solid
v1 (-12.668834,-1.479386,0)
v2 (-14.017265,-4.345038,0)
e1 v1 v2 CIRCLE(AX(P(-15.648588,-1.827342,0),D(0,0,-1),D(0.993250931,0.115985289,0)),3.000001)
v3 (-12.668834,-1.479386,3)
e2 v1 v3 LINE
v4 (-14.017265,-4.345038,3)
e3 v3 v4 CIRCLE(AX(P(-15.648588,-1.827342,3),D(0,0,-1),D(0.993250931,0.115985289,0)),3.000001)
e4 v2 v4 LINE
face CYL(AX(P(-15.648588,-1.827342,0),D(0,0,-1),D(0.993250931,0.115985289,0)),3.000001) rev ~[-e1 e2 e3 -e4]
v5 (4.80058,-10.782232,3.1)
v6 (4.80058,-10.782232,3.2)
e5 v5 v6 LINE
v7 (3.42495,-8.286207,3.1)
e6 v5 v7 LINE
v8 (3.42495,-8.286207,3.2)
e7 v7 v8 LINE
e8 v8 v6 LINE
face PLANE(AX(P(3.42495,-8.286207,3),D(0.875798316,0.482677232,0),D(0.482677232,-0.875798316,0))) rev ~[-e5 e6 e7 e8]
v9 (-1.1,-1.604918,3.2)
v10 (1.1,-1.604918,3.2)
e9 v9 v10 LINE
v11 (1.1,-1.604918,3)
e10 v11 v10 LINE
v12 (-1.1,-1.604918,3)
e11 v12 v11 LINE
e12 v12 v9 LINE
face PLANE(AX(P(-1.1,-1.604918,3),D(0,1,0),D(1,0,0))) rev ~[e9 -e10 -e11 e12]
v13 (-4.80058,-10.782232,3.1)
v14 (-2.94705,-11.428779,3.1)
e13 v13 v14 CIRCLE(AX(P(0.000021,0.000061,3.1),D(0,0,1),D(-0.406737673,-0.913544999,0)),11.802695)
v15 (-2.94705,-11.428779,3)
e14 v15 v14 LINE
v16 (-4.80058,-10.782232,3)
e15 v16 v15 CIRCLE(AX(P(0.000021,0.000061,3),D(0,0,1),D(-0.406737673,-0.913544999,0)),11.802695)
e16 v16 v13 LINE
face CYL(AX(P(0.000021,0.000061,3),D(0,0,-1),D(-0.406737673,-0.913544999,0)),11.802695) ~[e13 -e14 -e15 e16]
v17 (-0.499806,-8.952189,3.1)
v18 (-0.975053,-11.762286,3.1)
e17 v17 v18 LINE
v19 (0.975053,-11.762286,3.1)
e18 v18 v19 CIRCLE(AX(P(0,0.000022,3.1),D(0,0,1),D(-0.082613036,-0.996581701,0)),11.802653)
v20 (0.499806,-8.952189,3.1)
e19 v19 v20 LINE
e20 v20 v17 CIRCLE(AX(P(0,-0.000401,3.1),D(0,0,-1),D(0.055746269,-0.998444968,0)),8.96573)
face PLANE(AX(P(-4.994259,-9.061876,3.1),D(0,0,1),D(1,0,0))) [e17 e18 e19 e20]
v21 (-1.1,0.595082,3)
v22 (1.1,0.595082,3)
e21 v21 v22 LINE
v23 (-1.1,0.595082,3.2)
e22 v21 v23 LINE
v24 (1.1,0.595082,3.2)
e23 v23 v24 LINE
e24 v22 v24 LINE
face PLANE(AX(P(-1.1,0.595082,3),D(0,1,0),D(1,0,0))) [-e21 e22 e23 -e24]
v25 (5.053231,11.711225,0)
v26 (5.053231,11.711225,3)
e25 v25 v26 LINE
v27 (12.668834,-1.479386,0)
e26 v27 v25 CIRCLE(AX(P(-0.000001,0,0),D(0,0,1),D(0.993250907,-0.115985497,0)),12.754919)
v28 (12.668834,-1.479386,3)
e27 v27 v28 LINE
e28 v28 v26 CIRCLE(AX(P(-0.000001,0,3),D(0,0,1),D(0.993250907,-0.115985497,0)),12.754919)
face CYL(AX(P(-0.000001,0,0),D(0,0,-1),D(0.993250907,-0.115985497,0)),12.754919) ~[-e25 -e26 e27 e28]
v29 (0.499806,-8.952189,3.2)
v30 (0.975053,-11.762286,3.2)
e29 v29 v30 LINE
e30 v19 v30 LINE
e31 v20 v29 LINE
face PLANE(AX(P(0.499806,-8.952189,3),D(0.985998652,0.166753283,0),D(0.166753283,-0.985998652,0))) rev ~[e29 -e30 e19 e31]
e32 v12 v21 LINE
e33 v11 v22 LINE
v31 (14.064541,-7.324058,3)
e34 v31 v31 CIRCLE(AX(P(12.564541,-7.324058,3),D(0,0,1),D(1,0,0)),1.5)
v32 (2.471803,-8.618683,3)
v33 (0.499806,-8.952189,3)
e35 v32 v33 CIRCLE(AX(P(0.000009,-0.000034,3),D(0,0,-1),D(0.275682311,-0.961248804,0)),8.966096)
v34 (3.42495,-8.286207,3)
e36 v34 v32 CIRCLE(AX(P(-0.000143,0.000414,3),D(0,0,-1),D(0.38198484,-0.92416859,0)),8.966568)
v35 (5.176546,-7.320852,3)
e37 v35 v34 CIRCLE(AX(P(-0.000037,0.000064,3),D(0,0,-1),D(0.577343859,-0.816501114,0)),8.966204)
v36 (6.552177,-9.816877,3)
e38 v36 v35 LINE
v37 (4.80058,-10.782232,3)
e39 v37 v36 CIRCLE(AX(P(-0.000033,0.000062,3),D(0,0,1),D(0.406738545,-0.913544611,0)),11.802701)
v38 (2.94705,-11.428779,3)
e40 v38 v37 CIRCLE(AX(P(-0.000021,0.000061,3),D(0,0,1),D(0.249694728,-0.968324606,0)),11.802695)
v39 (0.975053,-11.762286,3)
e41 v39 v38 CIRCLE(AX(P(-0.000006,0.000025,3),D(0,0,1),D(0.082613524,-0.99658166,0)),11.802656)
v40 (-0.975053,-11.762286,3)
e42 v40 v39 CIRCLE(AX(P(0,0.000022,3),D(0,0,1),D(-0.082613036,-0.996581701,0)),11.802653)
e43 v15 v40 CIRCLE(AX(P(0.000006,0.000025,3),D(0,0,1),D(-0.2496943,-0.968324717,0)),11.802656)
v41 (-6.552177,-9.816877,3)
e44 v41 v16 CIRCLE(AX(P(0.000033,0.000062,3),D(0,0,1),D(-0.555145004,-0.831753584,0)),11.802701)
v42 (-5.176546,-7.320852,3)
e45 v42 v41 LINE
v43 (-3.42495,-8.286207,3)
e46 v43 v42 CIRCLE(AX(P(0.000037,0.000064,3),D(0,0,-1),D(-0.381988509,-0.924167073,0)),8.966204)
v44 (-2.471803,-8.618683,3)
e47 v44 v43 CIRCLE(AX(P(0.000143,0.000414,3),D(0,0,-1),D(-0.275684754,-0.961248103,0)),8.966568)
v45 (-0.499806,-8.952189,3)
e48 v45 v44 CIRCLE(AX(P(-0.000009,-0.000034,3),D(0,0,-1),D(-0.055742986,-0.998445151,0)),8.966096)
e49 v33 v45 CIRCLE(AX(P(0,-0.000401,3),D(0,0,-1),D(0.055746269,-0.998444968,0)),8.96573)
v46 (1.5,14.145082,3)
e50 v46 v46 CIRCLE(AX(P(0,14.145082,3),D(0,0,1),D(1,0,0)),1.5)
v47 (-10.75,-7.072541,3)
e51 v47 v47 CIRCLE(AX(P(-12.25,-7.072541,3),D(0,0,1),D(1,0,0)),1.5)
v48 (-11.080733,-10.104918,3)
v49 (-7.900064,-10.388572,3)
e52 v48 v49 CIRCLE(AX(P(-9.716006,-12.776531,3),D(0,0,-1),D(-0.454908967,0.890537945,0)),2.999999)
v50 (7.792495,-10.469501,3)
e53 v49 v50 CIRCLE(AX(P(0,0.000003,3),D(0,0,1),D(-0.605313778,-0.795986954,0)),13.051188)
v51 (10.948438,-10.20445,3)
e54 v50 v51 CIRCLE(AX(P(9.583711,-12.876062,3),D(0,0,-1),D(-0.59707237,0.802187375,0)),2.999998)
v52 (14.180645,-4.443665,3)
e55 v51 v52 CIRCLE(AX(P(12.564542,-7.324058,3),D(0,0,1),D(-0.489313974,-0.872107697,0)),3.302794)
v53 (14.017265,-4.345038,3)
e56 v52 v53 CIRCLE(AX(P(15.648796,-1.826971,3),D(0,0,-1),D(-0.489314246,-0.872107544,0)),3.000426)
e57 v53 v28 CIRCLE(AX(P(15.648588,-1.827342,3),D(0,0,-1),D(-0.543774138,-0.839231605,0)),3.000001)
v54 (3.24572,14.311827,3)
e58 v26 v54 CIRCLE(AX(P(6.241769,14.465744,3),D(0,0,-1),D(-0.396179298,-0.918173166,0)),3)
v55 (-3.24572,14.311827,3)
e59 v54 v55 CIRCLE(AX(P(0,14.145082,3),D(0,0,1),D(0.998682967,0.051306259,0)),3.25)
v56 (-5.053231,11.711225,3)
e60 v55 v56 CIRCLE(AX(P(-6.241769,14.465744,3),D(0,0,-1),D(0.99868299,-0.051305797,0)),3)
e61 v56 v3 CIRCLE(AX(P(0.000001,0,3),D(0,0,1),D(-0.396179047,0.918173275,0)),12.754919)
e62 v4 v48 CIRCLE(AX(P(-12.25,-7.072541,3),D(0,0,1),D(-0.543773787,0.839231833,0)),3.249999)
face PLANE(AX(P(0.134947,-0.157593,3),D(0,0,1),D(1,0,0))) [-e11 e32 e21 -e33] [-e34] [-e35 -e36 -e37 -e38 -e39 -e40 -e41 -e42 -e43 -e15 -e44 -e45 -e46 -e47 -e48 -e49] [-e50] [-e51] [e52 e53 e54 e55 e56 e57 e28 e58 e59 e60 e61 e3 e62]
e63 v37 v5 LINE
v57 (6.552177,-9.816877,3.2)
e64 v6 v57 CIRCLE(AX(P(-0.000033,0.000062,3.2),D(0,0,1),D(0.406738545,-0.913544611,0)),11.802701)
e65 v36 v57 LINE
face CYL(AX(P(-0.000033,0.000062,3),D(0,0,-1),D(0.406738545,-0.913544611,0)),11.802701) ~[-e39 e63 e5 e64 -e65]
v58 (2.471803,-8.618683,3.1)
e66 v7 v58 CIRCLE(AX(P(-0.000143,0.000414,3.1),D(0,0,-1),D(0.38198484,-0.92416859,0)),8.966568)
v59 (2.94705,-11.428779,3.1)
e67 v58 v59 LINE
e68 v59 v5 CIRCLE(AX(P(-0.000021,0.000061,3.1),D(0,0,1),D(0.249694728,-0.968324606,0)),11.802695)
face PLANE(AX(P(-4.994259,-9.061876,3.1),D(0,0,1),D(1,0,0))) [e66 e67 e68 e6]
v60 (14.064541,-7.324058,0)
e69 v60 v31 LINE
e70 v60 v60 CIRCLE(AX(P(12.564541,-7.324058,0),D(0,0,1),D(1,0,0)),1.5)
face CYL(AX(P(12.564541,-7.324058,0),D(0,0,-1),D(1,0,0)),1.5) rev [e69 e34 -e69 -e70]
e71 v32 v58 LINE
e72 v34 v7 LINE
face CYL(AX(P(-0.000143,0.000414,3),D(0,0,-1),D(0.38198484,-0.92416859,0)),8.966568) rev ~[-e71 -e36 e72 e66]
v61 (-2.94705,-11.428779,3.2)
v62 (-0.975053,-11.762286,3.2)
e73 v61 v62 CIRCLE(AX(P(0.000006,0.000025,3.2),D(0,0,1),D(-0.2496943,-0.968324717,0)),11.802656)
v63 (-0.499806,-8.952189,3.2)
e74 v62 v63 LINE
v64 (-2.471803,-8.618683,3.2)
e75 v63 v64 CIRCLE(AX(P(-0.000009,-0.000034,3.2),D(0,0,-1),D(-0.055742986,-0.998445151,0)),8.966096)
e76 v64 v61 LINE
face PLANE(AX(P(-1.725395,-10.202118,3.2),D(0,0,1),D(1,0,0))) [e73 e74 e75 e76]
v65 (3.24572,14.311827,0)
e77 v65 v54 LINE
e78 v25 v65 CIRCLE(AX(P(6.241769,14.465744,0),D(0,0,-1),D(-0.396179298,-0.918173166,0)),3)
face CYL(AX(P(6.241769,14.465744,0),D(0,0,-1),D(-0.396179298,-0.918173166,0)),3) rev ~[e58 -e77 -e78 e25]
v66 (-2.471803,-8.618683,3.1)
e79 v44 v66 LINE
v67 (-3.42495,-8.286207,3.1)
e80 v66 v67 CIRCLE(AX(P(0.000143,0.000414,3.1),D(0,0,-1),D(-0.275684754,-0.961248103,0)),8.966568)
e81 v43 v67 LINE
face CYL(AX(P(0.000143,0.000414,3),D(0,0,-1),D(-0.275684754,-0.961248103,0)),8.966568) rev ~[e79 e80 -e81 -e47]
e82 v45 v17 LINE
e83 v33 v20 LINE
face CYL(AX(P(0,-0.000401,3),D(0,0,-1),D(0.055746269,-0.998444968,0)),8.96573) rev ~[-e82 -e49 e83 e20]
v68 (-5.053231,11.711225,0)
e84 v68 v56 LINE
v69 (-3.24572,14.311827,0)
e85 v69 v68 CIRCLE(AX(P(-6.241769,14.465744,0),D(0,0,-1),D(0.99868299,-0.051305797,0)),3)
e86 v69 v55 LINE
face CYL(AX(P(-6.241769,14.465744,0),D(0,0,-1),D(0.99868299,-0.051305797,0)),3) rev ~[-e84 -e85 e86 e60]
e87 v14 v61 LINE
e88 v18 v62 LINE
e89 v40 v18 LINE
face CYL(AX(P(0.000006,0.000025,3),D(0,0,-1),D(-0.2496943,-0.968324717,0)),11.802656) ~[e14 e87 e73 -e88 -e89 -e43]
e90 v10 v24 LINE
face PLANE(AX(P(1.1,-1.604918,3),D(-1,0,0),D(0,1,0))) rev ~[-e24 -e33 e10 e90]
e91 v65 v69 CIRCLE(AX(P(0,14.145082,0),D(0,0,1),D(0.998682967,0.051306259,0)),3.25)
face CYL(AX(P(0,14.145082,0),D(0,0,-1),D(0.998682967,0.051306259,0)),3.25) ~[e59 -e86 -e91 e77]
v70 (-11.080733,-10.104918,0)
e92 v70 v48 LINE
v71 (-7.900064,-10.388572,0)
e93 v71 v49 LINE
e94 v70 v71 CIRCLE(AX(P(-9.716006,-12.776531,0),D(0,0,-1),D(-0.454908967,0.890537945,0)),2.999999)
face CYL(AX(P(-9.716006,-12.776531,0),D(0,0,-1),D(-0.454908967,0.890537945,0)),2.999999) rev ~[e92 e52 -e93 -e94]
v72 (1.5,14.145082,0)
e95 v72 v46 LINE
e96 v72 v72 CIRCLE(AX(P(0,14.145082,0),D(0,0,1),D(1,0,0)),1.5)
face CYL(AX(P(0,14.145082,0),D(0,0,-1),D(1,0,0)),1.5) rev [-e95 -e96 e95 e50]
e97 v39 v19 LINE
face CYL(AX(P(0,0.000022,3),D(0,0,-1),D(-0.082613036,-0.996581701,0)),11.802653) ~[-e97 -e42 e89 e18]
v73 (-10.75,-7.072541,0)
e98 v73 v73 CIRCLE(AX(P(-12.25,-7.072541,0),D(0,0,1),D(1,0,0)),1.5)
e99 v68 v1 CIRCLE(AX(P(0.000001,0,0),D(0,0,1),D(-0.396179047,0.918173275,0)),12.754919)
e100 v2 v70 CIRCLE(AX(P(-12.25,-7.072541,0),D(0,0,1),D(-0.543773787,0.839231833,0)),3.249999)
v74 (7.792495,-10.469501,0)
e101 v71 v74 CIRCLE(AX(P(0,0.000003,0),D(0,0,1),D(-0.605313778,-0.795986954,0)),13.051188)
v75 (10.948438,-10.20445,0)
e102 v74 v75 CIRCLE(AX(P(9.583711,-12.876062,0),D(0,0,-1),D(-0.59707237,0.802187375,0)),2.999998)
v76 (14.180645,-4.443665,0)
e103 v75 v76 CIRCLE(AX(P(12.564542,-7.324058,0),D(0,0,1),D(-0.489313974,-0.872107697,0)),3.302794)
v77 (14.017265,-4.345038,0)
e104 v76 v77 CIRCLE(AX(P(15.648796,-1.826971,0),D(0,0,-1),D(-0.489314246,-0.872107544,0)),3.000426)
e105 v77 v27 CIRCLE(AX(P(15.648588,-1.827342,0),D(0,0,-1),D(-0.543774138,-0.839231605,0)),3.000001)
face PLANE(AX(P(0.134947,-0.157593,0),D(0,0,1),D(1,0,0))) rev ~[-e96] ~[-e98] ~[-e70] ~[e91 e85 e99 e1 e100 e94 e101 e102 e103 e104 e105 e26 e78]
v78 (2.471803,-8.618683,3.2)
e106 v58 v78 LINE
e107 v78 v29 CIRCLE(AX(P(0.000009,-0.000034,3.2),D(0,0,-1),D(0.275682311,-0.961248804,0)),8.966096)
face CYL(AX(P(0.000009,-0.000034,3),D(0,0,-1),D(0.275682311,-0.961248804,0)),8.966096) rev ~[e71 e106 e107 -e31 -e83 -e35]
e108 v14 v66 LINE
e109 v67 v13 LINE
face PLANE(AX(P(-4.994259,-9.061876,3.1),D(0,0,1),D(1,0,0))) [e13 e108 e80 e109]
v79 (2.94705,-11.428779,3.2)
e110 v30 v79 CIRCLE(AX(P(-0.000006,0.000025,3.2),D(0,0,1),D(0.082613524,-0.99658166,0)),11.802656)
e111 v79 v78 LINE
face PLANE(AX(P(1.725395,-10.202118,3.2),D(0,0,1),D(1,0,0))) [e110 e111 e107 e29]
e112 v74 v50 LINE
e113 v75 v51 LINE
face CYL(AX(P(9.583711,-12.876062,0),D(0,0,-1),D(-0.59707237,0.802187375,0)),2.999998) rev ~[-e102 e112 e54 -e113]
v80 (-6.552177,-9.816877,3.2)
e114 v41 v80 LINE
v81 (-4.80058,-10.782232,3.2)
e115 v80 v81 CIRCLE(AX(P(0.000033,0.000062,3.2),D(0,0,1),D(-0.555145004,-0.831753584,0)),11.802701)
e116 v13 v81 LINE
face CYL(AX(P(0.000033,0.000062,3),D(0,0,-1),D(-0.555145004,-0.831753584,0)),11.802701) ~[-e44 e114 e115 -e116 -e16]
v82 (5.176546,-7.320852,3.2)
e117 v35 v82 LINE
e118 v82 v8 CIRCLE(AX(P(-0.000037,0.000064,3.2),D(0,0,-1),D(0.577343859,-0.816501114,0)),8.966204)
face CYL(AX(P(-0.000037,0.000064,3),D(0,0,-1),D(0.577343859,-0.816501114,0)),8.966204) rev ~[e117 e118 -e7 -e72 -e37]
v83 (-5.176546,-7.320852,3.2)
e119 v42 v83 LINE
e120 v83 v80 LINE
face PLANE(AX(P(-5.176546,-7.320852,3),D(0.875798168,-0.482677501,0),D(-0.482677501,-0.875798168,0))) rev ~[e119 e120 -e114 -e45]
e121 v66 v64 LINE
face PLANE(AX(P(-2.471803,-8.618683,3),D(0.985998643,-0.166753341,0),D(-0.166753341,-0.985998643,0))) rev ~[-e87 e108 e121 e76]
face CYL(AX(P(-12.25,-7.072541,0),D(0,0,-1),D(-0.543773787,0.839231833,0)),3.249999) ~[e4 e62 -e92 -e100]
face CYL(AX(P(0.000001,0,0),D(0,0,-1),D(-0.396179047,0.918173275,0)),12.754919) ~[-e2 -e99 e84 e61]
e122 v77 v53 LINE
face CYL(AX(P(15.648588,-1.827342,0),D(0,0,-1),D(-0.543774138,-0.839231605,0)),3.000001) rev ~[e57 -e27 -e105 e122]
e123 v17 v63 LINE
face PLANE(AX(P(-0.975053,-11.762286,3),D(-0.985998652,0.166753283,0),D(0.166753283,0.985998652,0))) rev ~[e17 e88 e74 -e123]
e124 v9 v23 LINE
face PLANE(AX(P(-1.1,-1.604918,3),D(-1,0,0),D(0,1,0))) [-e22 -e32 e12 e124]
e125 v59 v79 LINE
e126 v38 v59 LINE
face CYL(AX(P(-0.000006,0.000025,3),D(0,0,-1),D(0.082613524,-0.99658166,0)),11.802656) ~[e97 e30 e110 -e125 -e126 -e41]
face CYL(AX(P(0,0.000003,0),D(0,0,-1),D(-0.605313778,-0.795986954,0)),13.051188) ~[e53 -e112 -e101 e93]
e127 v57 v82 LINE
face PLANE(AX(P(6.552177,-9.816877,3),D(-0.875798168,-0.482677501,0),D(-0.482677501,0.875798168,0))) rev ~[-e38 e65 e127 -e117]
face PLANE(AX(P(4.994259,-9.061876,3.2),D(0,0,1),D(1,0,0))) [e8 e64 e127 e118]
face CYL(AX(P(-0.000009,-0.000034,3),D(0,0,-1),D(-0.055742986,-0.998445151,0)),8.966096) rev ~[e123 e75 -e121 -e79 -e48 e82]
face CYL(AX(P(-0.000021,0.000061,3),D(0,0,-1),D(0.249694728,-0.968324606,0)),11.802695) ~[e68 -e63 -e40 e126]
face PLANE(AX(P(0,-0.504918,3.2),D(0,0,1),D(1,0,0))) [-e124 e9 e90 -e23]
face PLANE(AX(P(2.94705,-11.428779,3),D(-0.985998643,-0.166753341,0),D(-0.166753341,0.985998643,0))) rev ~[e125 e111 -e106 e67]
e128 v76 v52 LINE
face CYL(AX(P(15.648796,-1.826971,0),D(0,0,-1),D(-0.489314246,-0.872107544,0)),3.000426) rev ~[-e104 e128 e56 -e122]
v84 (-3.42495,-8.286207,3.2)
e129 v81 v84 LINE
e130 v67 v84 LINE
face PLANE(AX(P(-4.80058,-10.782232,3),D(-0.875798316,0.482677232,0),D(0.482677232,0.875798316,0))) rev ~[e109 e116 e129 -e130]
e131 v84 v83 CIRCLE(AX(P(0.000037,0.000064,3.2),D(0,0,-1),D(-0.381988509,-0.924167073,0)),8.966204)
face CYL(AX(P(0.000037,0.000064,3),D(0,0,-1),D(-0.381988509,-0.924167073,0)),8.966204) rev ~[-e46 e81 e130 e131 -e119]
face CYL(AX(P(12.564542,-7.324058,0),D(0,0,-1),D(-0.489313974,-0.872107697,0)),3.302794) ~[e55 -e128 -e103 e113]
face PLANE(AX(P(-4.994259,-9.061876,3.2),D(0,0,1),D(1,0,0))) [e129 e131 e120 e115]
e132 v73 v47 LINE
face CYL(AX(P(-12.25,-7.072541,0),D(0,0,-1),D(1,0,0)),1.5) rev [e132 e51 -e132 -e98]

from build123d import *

# Parameters (mm, degrees)
F0_R     = 1.5
F1_DEPTH = 3
F2_W     = 2.2
F2_H     = 2.2
F3_DEPTH = 0.2
F5_DEPTH = 0.1
F6_DEPTH = 0.2


with BuildPart() as f1:
    # F0 (on Top) → F1 (new body)
    with BuildSketch(Plane.XY):
        with BuildLine():
            ThreePointArc((5.053231, 11.711225), (3.778342, 12.753574), (3.24572, 14.311827))
            ThreePointArc((3.24572, 14.311827), (0, 17.395082), (-3.24572, 14.311827))
            ThreePointArc((-3.24572, 14.311827), (-3.778342, 12.753574), (-5.053231, 11.711225))
            ThreePointArc((-5.053231, 11.711225), (-11.046083, 6.377459), (-12.668834, -1.479386))
            ThreePointArc((-12.668834, -1.479386), (-12.93409, -3.104647), (-14.017265, -4.345038))
            ThreePointArc((-14.017265, -4.345038), (-15.14542, -8.548699), (-11.080733, -10.104918))
            ThreePointArc((-11.080733, -10.104918), (-9.449522, -9.788391), (-7.900064, -10.388572))
            ThreePointArc((-7.900064, -10.388572), (-0.067306, -13.051011), (7.792495, -10.469501))
            ThreePointArc((7.792495, -10.469501), (9.332641, -9.886588), (10.948438, -10.20445))
            ThreePointArc((10.948438, -10.20445), (15.444934, -8.940161), (14.180645, -4.443665))
            ThreePointArc((14.180645, -4.443665), (14.098171, -4.395651), (14.017265, -4.345038))
            ThreePointArc((14.017265, -4.345038), (12.93409, -3.104647), (12.668834, -1.479386))
            ThreePointArc((12.668834, -1.479386), (11.046083, 6.377459), (5.053231, 11.711225))
        make_face()
        with Locations((-12.25, -7.072541)):
            Circle(F0_R, mode=Mode.SUBTRACT)
        with Locations((12.564541, -7.324058)):
            Circle(F0_R, mode=Mode.SUBTRACT)
        with Locations((0, 14.145082)):
            Circle(F0_R, mode=Mode.SUBTRACT)
    extrude(amount=F1_DEPTH)

    # F2 (on face) → F3 (join)
    with BuildSketch(Plane.XY.offset(3)):
        with Locations((0, -0.504918)):
            Rectangle(F2_W, F2_H)
    extrude(amount=F3_DEPTH)

    # F4 (on face) → F5 (join)
    with BuildSketch(Plane.XY.offset(3)):
        with BuildLine():
            Line((-4.80058, -10.782232), (-3.42495, -8.286207))
            ThreePointArc((-3.42495, -8.286207), (-4.327749, -7.852521), (-5.176546, -7.320852))
            Line((-5.176546, -7.320852), (-6.552177, -9.816877))
            ThreePointArc((-6.552177, -9.816877), (-5.696863, -10.336723), (-4.80058, -10.782232))
        make_face()
        with BuildLine():
            Line((-2.94705, -11.428779), (-2.471803, -8.618683))
            ThreePointArc((-2.471803, -8.618683), (-2.953059, -8.465869), (-3.42495, -8.286207))
            Line((-3.42495, -8.286207), (-4.80058, -10.782232))
            ThreePointArc((-4.80058, -10.782232), (-3.88728, -11.144108), (-2.94705, -11.428779))
        make_face()
        with BuildLine():
            ThreePointArc((-0.499806, -8.952189), (-1.495132, -8.840593), (-2.471803, -8.618683))
            Line((-2.471803, -8.618683), (-2.94705, -11.428779))
            ThreePointArc((-2.94705, -11.428779), (-1.968128, -11.637378), (-0.975053, -11.762286))
            Line((-0.975053, -11.762286), (-0.499806, -8.952189))
        make_face()
        with BuildLine():
            ThreePointArc((0.499806, -8.952189), (0, -8.966131), (-0.499806, -8.952189))
            Line((-0.499806, -8.952189), (-0.975053, -11.762286))
            ThreePointArc((-0.975053, -11.762286), (0, -11.802631), (0.975053, -11.762286))
            Line((0.975053, -11.762286), (0.499806, -8.952189))
        make_face()
        with BuildLine():
            ThreePointArc((2.471803, -8.618683), (1.495132, -8.840593), (0.499806, -8.952189))
            Line((0.499806, -8.952189), (0.975053, -11.762286))
            ThreePointArc((0.975053, -11.762286), (1.968128, -11.637378), (2.94705, -11.428779))
            Line((2.94705, -11.428779), (2.471803, -8.618683))
        make_face()
        with BuildLine():
            ThreePointArc((3.42495, -8.286207), (2.953059, -8.465869), (2.471803, -8.618683))
            Line((2.471803, -8.618683), (2.94705, -11.428779))
            ThreePointArc((2.94705, -11.428779), (3.88728, -11.144108), (4.80058, -10.782232))
            Line((4.80058, -10.782232), (3.42495, -8.286207))
        make_face()
        with BuildLine():
            ThreePointArc((5.176546, -7.320852), (4.327749, -7.852521), (3.42495, -8.286207))
            Line((3.42495, -8.286207), (4.80058, -10.782232))
            ThreePointArc((4.80058, -10.782232), (5.696863, -10.336723), (6.552177, -9.816877))
            Line((6.552177, -9.816877), (5.176546, -7.320852))
        make_face()
    extrude(amount=F5_DEPTH)

    # F4 (on face) → F6 (join)
    with BuildSketch(Plane.XY.offset(3)):
        with BuildLine():
            Line((-4.80058, -10.782232), (-3.42495, -8.286207))
            ThreePointArc((-3.42495, -8.286207), (-4.327749, -7.852521), (-5.176546, -7.320852))
            Line((-5.176546, -7.320852), (-6.552177, -9.816877))
            ThreePointArc((-6.552177, -9.816877), (-5.696863, -10.336723), (-4.80058, -10.782232))
        make_face()
        with BuildLine():
            ThreePointArc((-0.499806, -8.952189), (-1.495132, -8.840593), (-2.471803, -8.618683))
            Line((-2.471803, -8.618683), (-2.94705, -11.428779))
            ThreePointArc((-2.94705, -11.428779), (-1.968128, -11.637378), (-0.975053, -11.762286))
            Line((-0.975053, -11.762286), (-0.499806, -8.952189))
        make_face()
        with BuildLine():
            ThreePointArc((2.471803, -8.618683), (1.495132, -8.840593), (0.499806, -8.952189))
            Line((0.499806, -8.952189), (0.975053, -11.762286))
            ThreePointArc((0.975053, -11.762286), (1.968128, -11.637378), (2.94705, -11.428779))
            Line((2.94705, -11.428779), (2.471803, -8.618683))
        make_face()
        with BuildLine():
            ThreePointArc((5.176546, -7.320852), (4.327749, -7.852521), (3.42495, -8.286207))
            Line((3.42495, -8.286207), (4.80058, -10.782232))
            ThreePointArc((4.80058, -10.782232), (5.696863, -10.336723), (6.552177, -9.816877))
            Line((6.552177, -9.816877), (5.176546, -7.320852))
        make_face()
    extrude(amount=F6_DEPTH)


solid = f1.part
